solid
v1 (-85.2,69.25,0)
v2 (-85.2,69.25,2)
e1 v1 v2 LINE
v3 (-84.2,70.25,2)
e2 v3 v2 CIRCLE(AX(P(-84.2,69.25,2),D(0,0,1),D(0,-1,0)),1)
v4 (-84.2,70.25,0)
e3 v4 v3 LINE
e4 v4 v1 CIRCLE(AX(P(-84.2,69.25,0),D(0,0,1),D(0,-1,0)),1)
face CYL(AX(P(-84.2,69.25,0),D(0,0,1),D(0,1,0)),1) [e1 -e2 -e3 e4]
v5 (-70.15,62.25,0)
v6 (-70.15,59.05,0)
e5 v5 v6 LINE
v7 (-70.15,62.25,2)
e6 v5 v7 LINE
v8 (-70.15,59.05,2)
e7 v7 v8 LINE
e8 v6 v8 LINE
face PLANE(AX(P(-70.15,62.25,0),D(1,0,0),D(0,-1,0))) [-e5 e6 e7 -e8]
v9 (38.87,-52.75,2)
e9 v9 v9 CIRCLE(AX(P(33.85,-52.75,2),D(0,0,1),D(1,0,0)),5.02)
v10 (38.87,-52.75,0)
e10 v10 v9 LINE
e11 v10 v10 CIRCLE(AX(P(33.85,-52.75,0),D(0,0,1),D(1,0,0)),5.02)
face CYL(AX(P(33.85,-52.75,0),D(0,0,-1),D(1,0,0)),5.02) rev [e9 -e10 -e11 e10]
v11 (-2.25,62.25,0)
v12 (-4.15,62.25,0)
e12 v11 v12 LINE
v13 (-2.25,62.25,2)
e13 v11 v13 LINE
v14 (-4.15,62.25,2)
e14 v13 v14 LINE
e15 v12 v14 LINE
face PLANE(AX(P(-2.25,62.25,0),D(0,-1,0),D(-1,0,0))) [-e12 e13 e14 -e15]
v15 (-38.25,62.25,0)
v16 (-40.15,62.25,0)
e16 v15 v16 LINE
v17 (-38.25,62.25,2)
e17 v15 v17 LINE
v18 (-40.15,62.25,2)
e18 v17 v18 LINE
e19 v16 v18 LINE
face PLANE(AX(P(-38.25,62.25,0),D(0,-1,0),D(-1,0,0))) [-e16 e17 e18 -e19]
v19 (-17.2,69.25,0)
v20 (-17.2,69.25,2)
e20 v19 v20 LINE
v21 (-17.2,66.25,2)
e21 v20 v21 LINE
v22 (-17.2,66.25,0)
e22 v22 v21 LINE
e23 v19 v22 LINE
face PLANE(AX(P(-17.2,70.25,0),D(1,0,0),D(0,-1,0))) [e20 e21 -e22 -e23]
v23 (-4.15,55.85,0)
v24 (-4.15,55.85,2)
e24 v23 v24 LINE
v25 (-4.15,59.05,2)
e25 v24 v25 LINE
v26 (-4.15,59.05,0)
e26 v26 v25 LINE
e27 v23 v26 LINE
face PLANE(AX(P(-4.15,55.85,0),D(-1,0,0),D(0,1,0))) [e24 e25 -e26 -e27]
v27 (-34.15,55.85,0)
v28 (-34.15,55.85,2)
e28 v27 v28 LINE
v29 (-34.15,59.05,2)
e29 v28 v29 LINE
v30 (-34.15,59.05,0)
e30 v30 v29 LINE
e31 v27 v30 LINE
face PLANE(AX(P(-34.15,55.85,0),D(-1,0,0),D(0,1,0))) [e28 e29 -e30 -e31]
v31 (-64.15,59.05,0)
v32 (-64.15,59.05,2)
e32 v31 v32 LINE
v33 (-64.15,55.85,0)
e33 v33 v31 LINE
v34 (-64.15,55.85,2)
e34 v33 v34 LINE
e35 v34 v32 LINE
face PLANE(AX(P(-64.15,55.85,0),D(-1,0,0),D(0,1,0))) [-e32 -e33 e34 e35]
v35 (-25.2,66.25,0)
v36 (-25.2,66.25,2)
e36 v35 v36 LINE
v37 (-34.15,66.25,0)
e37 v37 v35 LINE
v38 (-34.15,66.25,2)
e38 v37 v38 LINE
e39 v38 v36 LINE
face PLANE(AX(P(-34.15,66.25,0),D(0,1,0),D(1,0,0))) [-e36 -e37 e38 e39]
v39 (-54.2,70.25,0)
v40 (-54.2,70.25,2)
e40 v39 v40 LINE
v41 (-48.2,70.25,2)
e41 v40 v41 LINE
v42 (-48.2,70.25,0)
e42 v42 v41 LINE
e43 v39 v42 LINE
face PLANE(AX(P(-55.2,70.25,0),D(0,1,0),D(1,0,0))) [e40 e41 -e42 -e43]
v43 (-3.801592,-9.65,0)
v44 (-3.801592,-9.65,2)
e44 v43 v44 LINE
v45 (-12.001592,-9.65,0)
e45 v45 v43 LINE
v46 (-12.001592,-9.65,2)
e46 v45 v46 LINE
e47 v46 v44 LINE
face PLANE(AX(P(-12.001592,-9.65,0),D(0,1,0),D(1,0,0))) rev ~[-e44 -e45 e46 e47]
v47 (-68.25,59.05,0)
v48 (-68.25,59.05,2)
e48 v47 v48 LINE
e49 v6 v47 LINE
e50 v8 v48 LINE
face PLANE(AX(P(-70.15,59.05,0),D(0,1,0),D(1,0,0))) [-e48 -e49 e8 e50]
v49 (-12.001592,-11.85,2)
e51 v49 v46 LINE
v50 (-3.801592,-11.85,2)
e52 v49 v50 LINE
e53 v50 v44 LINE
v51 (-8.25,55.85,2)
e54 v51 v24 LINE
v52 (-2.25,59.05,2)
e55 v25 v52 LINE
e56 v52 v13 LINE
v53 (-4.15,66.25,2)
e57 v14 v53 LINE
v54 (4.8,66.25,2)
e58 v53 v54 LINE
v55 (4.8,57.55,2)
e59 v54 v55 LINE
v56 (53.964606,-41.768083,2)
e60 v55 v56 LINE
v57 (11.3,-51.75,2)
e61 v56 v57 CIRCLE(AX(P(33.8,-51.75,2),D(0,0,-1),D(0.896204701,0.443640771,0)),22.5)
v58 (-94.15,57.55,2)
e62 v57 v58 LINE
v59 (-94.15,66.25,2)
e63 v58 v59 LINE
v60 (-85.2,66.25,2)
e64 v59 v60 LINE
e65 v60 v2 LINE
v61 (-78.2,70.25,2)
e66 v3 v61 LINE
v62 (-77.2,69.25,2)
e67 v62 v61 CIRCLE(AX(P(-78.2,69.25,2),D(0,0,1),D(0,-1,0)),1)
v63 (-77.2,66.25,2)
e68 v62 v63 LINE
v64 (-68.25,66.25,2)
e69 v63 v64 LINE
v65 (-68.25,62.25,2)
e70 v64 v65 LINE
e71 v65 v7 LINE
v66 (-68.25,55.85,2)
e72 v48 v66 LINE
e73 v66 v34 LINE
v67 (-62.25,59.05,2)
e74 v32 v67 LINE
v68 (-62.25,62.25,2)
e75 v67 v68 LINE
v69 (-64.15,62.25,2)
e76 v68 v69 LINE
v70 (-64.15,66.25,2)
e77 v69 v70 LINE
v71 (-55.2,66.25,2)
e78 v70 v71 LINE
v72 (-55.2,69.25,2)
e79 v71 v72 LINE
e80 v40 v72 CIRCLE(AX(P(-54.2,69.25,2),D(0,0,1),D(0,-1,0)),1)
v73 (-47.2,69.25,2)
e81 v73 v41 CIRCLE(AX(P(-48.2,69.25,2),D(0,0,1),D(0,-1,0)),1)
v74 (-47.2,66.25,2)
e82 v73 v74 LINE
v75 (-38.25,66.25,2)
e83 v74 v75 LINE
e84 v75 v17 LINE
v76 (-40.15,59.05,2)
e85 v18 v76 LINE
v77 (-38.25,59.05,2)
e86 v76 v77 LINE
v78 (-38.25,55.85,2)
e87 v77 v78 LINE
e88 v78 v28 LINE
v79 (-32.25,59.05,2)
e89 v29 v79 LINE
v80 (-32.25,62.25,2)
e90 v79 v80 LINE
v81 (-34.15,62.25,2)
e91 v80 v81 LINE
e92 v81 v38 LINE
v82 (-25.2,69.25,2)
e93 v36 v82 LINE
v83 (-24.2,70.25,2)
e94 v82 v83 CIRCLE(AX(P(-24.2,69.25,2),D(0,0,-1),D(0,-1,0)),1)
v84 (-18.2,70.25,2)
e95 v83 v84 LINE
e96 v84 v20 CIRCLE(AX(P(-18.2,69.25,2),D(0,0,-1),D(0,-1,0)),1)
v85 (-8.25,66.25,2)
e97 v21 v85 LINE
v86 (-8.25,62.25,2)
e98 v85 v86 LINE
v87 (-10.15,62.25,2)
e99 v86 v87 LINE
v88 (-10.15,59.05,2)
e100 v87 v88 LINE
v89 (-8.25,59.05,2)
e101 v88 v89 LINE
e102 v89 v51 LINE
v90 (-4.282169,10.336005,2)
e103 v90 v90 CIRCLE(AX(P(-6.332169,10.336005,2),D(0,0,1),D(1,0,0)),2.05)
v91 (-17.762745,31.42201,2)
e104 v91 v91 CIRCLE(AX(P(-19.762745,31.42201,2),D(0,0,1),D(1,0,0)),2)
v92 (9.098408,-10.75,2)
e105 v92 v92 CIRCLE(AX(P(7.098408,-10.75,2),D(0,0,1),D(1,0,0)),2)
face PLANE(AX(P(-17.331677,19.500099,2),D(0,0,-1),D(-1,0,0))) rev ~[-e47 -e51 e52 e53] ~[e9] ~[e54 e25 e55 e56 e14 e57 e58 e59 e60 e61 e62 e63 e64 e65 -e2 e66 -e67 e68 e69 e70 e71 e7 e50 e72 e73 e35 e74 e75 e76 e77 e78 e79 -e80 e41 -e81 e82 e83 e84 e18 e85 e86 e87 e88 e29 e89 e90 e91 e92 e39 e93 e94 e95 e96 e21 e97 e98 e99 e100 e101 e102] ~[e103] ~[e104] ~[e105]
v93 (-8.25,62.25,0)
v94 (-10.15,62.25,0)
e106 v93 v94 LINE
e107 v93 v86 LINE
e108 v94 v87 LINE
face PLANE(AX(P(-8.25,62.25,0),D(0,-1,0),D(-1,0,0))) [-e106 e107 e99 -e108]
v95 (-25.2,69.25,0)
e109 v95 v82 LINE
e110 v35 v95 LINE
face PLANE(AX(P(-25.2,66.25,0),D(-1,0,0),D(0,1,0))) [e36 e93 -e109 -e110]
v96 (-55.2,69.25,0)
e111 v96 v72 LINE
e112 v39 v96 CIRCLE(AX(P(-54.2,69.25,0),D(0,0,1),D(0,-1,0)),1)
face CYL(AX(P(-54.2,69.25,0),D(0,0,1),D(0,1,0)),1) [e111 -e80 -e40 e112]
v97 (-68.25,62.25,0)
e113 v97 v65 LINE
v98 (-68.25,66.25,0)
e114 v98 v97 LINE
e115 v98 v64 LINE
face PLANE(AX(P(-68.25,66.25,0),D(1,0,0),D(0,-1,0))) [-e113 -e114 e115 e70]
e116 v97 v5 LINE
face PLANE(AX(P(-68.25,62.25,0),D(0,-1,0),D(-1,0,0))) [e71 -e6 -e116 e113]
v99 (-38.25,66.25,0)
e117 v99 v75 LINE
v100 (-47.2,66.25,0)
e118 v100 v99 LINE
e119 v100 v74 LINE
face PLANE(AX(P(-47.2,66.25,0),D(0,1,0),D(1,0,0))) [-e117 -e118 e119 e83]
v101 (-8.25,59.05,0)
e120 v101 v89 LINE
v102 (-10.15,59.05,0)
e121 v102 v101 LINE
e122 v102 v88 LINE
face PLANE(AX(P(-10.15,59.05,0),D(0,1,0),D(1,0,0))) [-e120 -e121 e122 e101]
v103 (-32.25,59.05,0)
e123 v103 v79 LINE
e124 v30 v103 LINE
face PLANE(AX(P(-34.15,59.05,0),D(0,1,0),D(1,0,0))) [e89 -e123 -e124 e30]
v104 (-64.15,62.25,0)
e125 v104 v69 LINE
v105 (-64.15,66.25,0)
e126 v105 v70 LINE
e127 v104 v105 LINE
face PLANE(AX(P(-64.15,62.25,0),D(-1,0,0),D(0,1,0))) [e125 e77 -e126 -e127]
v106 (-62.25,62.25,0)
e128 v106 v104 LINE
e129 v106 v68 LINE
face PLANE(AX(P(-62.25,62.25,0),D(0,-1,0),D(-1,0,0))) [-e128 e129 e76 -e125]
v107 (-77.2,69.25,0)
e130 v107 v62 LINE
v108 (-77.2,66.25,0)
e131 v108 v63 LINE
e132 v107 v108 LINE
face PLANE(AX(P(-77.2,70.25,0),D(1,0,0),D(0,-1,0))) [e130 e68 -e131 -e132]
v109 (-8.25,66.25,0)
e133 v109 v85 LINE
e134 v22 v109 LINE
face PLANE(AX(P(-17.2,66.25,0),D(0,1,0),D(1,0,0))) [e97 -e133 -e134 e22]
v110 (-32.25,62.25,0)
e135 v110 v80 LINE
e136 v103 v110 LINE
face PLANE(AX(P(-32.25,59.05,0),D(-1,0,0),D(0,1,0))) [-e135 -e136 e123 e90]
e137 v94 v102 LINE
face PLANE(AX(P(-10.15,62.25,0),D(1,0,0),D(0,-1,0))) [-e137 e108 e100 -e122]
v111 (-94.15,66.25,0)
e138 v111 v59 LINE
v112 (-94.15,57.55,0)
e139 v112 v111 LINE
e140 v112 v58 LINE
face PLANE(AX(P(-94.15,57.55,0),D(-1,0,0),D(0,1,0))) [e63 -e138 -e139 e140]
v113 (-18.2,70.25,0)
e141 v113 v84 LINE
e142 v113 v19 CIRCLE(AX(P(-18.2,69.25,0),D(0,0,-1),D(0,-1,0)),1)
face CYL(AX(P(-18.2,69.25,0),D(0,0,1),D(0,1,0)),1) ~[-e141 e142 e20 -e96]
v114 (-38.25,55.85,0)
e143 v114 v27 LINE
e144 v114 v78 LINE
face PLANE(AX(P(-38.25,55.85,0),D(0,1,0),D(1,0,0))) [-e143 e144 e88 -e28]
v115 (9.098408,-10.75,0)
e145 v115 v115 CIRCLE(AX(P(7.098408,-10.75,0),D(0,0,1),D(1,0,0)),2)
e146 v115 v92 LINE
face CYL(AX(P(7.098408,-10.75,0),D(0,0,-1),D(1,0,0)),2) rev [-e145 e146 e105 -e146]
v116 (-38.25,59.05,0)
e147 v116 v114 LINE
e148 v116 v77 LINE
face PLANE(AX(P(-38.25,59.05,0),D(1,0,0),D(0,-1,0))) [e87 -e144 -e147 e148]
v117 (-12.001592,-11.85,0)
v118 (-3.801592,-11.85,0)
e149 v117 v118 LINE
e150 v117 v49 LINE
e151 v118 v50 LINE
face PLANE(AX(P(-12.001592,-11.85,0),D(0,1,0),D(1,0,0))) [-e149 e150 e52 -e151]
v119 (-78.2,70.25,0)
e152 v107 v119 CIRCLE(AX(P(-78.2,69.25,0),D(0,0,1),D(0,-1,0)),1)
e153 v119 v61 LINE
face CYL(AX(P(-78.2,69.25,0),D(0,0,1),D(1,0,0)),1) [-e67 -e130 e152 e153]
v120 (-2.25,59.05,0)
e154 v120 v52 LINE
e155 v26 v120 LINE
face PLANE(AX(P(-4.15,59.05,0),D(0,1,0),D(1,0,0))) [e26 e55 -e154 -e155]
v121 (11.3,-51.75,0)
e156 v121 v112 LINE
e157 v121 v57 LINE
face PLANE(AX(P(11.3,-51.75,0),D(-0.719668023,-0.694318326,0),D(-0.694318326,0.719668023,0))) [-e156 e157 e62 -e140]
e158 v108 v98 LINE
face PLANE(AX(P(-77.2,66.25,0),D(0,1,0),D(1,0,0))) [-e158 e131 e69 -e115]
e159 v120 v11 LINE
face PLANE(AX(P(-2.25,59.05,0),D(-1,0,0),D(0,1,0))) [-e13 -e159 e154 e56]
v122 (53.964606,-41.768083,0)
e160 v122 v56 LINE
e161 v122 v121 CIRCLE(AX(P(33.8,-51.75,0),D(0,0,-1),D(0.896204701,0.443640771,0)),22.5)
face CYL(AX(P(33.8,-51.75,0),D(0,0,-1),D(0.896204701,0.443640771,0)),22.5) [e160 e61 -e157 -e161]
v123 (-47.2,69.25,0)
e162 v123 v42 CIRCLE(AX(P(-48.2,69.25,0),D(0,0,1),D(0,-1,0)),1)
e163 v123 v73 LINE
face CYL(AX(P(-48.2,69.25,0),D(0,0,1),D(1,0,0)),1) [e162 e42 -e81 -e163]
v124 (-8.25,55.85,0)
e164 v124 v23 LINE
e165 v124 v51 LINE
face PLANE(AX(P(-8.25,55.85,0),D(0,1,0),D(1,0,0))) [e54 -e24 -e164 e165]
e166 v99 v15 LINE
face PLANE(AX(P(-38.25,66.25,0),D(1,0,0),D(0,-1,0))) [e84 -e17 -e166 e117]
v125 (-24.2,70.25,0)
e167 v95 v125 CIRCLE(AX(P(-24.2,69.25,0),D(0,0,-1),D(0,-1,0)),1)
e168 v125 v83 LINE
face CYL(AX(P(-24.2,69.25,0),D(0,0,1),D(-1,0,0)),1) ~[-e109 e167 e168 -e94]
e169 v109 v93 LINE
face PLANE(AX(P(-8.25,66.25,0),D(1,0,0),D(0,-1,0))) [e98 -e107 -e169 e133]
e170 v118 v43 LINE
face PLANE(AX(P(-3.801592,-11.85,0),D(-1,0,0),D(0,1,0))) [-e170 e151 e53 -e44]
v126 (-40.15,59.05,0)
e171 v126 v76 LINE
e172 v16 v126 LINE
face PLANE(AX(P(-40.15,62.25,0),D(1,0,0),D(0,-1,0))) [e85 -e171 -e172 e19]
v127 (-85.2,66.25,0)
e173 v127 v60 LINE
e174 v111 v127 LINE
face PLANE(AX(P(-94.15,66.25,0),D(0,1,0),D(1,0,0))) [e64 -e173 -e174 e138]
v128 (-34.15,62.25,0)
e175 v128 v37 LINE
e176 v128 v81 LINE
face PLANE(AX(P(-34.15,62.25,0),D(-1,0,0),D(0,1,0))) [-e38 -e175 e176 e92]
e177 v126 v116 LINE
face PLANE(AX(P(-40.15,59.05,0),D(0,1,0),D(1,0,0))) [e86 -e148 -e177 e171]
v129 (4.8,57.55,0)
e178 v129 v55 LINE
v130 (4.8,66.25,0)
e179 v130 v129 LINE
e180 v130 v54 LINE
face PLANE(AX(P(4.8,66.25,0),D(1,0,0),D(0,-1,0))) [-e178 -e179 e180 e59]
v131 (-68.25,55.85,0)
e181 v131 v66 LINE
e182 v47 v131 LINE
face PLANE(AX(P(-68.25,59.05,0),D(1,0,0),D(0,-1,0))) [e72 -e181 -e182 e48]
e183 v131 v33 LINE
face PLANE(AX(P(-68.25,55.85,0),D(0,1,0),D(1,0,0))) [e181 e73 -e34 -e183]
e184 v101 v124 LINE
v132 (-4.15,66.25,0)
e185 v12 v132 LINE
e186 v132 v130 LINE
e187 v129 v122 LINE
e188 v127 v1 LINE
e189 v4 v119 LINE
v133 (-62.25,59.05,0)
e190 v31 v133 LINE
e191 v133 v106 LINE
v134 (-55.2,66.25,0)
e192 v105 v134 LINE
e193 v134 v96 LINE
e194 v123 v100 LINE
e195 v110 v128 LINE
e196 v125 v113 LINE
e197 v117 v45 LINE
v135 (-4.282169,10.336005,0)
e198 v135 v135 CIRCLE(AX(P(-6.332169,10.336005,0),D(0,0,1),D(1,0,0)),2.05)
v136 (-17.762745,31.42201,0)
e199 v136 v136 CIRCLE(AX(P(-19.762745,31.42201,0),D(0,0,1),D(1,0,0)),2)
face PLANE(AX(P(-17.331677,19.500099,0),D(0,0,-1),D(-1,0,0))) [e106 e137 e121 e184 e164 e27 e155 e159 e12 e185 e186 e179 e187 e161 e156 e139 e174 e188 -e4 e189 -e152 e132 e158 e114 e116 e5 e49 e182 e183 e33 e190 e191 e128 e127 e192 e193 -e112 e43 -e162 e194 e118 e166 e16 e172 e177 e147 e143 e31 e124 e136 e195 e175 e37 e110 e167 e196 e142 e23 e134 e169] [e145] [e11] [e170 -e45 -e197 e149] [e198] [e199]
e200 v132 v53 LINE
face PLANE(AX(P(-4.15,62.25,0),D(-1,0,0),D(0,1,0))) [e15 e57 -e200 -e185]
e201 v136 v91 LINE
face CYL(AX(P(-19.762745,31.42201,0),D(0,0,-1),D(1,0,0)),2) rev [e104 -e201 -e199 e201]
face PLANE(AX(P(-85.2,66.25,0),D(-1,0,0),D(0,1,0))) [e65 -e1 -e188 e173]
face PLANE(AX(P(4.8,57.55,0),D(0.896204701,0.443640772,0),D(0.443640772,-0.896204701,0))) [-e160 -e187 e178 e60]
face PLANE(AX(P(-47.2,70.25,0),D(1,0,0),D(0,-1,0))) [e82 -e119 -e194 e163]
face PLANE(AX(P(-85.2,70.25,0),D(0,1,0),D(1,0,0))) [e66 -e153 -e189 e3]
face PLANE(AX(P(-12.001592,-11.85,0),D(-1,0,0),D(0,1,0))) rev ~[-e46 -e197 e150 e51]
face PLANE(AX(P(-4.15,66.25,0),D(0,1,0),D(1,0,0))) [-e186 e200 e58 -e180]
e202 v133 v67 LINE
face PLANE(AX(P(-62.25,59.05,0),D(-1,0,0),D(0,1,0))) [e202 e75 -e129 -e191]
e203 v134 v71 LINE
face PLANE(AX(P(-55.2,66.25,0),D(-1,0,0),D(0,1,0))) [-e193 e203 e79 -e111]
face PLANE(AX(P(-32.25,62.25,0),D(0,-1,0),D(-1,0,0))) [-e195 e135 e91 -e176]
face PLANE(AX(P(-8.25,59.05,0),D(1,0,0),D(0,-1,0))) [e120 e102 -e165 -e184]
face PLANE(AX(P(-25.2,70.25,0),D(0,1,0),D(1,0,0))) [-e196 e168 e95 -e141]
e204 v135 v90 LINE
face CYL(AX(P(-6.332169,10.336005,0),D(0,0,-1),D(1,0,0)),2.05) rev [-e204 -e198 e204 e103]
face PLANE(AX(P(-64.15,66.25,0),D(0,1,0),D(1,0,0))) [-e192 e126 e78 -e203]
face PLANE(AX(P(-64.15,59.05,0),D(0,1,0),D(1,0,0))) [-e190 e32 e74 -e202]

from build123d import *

# Parameters (mm, degrees)
SKETCH_1_R      = 2
SKETCH_1_R_2    = 5.02
SKETCH_1_R_3    = 2.05
SKETCH_1_W      = 8.2
SKETCH_1_H      = 2.2
EXTRUDE_1_DEPTH = 2
FILLET_1_R      = 1


with BuildPart() as part:
    # 草图1 → 凸台-拉伸1 (new body)
    with BuildSketch(Plane.XY):
        with BuildLine():
            Line((-38.25, 66.25), (-38.25, 62.25))
            Line((-38.25, 62.25), (-40.15, 62.25))
            Line((-40.15, 62.25), (-40.15, 59.05))
            Line((-40.15, 59.05), (-38.25, 59.05))
            Line((-38.25, 59.05), (-38.25, 55.85))
            Line((-38.25, 55.85), (-34.15, 55.85))
            Line((-34.15, 55.85), (-34.15, 59.05))
            Line((-34.15, 59.05), (-32.25, 59.05))
            Line((-32.25, 59.05), (-32.25, 62.25))
            Line((-32.25, 62.25), (-34.15, 62.25))
            Line((-34.15, 62.25), (-34.15, 66.25))
            Line((-34.15, 66.25), (-25.2, 66.25))
            Line((-25.2, 66.25), (-25.2, 70.25))
            Line((-25.2, 70.25), (-17.2, 70.25))
            Line((-17.2, 70.25), (-17.2, 66.25))
            Line((-17.2, 66.25), (-8.25, 66.25))
            Line((-8.25, 66.25), (-8.25, 62.25))
            Line((-8.25, 62.25), (-10.15, 62.25))
            Line((-10.15, 62.25), (-10.15, 59.05))
            Line((-10.15, 59.05), (-8.25, 59.05))
            Line((-8.25, 59.05), (-8.25, 55.85))
            Line((-8.25, 55.85), (-4.15, 55.85))
            Line((-4.15, 55.85), (-4.15, 59.05))
            Line((-4.15, 59.05), (-2.25, 59.05))
            Line((-2.25, 59.05), (-2.25, 62.25))
            Line((-2.25, 62.25), (-4.15, 62.25))
            Line((-4.15, 62.25), (-4.15, 66.25))
            Line((-4.15, 66.25), (4.8, 66.25))
            Line((4.8, 66.25), (4.8, 57.55))
            Line((4.8, 57.55), (53.96460577, -41.768082641))
            ThreePointArc((53.96460577, -41.768082641), (38.925737517, -73.658373169), (11.3, -51.75))
            Line((11.3, -51.75), (-94.15, 57.55))
            Line((-94.15, 57.55), (-94.15, 66.25))
            Line((-94.15, 66.25), (-85.2, 66.25))
            Line((-85.2, 66.25), (-85.2, 70.25))
            Line((-85.2, 70.25), (-77.2, 70.25))
            Line((-77.2, 70.25), (-77.2, 66.25))
            Line((-77.2, 66.25), (-68.25, 66.25))
            Line((-68.25, 66.25), (-68.25, 62.25))
            Line((-68.25, 62.25), (-70.15, 62.25))
            Line((-70.15, 62.25), (-70.15, 59.05))
            Line((-70.15, 59.05), (-68.25, 59.05))
            Line((-68.25, 59.05), (-68.25, 55.85))
            Line((-68.25, 55.85), (-64.15, 55.85))
            Line((-64.15, 55.85), (-64.15, 59.05))
            Line((-64.15, 59.05), (-62.25, 59.05))
            Line((-62.25, 59.05), (-62.25, 62.25))
            Line((-62.25, 62.25), (-64.15, 62.25))
            Line((-64.15, 62.25), (-64.15, 66.25))
            Line((-64.15, 66.25), (-55.2, 66.25))
            Line((-55.2, 66.25), (-55.2, 70.25))
            Line((-55.2, 70.25), (-47.2, 70.25))
            Line((-47.2, 70.25), (-47.2, 66.25))
            Line((-47.2, 66.25), (-38.25, 66.25))
        make_face()
        with Locations((-19.762745434, 31.422010331)):
            Circle(SKETCH_1_R, mode=Mode.SUBTRACT)
        with Locations((7.098407643, -10.75)):
            Circle(SKETCH_1_R, mode=Mode.SUBTRACT)
        with Locations((33.85, -52.75)):
            Circle(SKETCH_1_R_2, mode=Mode.SUBTRACT)
        with Locations((-6.332168895, 10.336005166)):
            Circle(SKETCH_1_R_3, mode=Mode.SUBTRACT)
        with Locations((-7.901592357, -10.75)):
            Rectangle(SKETCH_1_W, SKETCH_1_H, mode=Mode.SUBTRACT)
    extrude(amount=EXTRUDE_1_DEPTH)

    # 圆角1
    fillet_1_edges = [part.edges().sort_by_distance(p)[0] for p in [
        (-25.2, 70.25, 1),
        (-17.2, 70.25, 1),
        (-85.2, 70.25, 1),
        (-77.2, 70.25, 1),
        (-55.2, 70.25, 1),
        (-47.2, 70.25, 1),
    ]]
    fillet(fillet_1_edges, radius=FILLET_1_R)


solid = part.part
